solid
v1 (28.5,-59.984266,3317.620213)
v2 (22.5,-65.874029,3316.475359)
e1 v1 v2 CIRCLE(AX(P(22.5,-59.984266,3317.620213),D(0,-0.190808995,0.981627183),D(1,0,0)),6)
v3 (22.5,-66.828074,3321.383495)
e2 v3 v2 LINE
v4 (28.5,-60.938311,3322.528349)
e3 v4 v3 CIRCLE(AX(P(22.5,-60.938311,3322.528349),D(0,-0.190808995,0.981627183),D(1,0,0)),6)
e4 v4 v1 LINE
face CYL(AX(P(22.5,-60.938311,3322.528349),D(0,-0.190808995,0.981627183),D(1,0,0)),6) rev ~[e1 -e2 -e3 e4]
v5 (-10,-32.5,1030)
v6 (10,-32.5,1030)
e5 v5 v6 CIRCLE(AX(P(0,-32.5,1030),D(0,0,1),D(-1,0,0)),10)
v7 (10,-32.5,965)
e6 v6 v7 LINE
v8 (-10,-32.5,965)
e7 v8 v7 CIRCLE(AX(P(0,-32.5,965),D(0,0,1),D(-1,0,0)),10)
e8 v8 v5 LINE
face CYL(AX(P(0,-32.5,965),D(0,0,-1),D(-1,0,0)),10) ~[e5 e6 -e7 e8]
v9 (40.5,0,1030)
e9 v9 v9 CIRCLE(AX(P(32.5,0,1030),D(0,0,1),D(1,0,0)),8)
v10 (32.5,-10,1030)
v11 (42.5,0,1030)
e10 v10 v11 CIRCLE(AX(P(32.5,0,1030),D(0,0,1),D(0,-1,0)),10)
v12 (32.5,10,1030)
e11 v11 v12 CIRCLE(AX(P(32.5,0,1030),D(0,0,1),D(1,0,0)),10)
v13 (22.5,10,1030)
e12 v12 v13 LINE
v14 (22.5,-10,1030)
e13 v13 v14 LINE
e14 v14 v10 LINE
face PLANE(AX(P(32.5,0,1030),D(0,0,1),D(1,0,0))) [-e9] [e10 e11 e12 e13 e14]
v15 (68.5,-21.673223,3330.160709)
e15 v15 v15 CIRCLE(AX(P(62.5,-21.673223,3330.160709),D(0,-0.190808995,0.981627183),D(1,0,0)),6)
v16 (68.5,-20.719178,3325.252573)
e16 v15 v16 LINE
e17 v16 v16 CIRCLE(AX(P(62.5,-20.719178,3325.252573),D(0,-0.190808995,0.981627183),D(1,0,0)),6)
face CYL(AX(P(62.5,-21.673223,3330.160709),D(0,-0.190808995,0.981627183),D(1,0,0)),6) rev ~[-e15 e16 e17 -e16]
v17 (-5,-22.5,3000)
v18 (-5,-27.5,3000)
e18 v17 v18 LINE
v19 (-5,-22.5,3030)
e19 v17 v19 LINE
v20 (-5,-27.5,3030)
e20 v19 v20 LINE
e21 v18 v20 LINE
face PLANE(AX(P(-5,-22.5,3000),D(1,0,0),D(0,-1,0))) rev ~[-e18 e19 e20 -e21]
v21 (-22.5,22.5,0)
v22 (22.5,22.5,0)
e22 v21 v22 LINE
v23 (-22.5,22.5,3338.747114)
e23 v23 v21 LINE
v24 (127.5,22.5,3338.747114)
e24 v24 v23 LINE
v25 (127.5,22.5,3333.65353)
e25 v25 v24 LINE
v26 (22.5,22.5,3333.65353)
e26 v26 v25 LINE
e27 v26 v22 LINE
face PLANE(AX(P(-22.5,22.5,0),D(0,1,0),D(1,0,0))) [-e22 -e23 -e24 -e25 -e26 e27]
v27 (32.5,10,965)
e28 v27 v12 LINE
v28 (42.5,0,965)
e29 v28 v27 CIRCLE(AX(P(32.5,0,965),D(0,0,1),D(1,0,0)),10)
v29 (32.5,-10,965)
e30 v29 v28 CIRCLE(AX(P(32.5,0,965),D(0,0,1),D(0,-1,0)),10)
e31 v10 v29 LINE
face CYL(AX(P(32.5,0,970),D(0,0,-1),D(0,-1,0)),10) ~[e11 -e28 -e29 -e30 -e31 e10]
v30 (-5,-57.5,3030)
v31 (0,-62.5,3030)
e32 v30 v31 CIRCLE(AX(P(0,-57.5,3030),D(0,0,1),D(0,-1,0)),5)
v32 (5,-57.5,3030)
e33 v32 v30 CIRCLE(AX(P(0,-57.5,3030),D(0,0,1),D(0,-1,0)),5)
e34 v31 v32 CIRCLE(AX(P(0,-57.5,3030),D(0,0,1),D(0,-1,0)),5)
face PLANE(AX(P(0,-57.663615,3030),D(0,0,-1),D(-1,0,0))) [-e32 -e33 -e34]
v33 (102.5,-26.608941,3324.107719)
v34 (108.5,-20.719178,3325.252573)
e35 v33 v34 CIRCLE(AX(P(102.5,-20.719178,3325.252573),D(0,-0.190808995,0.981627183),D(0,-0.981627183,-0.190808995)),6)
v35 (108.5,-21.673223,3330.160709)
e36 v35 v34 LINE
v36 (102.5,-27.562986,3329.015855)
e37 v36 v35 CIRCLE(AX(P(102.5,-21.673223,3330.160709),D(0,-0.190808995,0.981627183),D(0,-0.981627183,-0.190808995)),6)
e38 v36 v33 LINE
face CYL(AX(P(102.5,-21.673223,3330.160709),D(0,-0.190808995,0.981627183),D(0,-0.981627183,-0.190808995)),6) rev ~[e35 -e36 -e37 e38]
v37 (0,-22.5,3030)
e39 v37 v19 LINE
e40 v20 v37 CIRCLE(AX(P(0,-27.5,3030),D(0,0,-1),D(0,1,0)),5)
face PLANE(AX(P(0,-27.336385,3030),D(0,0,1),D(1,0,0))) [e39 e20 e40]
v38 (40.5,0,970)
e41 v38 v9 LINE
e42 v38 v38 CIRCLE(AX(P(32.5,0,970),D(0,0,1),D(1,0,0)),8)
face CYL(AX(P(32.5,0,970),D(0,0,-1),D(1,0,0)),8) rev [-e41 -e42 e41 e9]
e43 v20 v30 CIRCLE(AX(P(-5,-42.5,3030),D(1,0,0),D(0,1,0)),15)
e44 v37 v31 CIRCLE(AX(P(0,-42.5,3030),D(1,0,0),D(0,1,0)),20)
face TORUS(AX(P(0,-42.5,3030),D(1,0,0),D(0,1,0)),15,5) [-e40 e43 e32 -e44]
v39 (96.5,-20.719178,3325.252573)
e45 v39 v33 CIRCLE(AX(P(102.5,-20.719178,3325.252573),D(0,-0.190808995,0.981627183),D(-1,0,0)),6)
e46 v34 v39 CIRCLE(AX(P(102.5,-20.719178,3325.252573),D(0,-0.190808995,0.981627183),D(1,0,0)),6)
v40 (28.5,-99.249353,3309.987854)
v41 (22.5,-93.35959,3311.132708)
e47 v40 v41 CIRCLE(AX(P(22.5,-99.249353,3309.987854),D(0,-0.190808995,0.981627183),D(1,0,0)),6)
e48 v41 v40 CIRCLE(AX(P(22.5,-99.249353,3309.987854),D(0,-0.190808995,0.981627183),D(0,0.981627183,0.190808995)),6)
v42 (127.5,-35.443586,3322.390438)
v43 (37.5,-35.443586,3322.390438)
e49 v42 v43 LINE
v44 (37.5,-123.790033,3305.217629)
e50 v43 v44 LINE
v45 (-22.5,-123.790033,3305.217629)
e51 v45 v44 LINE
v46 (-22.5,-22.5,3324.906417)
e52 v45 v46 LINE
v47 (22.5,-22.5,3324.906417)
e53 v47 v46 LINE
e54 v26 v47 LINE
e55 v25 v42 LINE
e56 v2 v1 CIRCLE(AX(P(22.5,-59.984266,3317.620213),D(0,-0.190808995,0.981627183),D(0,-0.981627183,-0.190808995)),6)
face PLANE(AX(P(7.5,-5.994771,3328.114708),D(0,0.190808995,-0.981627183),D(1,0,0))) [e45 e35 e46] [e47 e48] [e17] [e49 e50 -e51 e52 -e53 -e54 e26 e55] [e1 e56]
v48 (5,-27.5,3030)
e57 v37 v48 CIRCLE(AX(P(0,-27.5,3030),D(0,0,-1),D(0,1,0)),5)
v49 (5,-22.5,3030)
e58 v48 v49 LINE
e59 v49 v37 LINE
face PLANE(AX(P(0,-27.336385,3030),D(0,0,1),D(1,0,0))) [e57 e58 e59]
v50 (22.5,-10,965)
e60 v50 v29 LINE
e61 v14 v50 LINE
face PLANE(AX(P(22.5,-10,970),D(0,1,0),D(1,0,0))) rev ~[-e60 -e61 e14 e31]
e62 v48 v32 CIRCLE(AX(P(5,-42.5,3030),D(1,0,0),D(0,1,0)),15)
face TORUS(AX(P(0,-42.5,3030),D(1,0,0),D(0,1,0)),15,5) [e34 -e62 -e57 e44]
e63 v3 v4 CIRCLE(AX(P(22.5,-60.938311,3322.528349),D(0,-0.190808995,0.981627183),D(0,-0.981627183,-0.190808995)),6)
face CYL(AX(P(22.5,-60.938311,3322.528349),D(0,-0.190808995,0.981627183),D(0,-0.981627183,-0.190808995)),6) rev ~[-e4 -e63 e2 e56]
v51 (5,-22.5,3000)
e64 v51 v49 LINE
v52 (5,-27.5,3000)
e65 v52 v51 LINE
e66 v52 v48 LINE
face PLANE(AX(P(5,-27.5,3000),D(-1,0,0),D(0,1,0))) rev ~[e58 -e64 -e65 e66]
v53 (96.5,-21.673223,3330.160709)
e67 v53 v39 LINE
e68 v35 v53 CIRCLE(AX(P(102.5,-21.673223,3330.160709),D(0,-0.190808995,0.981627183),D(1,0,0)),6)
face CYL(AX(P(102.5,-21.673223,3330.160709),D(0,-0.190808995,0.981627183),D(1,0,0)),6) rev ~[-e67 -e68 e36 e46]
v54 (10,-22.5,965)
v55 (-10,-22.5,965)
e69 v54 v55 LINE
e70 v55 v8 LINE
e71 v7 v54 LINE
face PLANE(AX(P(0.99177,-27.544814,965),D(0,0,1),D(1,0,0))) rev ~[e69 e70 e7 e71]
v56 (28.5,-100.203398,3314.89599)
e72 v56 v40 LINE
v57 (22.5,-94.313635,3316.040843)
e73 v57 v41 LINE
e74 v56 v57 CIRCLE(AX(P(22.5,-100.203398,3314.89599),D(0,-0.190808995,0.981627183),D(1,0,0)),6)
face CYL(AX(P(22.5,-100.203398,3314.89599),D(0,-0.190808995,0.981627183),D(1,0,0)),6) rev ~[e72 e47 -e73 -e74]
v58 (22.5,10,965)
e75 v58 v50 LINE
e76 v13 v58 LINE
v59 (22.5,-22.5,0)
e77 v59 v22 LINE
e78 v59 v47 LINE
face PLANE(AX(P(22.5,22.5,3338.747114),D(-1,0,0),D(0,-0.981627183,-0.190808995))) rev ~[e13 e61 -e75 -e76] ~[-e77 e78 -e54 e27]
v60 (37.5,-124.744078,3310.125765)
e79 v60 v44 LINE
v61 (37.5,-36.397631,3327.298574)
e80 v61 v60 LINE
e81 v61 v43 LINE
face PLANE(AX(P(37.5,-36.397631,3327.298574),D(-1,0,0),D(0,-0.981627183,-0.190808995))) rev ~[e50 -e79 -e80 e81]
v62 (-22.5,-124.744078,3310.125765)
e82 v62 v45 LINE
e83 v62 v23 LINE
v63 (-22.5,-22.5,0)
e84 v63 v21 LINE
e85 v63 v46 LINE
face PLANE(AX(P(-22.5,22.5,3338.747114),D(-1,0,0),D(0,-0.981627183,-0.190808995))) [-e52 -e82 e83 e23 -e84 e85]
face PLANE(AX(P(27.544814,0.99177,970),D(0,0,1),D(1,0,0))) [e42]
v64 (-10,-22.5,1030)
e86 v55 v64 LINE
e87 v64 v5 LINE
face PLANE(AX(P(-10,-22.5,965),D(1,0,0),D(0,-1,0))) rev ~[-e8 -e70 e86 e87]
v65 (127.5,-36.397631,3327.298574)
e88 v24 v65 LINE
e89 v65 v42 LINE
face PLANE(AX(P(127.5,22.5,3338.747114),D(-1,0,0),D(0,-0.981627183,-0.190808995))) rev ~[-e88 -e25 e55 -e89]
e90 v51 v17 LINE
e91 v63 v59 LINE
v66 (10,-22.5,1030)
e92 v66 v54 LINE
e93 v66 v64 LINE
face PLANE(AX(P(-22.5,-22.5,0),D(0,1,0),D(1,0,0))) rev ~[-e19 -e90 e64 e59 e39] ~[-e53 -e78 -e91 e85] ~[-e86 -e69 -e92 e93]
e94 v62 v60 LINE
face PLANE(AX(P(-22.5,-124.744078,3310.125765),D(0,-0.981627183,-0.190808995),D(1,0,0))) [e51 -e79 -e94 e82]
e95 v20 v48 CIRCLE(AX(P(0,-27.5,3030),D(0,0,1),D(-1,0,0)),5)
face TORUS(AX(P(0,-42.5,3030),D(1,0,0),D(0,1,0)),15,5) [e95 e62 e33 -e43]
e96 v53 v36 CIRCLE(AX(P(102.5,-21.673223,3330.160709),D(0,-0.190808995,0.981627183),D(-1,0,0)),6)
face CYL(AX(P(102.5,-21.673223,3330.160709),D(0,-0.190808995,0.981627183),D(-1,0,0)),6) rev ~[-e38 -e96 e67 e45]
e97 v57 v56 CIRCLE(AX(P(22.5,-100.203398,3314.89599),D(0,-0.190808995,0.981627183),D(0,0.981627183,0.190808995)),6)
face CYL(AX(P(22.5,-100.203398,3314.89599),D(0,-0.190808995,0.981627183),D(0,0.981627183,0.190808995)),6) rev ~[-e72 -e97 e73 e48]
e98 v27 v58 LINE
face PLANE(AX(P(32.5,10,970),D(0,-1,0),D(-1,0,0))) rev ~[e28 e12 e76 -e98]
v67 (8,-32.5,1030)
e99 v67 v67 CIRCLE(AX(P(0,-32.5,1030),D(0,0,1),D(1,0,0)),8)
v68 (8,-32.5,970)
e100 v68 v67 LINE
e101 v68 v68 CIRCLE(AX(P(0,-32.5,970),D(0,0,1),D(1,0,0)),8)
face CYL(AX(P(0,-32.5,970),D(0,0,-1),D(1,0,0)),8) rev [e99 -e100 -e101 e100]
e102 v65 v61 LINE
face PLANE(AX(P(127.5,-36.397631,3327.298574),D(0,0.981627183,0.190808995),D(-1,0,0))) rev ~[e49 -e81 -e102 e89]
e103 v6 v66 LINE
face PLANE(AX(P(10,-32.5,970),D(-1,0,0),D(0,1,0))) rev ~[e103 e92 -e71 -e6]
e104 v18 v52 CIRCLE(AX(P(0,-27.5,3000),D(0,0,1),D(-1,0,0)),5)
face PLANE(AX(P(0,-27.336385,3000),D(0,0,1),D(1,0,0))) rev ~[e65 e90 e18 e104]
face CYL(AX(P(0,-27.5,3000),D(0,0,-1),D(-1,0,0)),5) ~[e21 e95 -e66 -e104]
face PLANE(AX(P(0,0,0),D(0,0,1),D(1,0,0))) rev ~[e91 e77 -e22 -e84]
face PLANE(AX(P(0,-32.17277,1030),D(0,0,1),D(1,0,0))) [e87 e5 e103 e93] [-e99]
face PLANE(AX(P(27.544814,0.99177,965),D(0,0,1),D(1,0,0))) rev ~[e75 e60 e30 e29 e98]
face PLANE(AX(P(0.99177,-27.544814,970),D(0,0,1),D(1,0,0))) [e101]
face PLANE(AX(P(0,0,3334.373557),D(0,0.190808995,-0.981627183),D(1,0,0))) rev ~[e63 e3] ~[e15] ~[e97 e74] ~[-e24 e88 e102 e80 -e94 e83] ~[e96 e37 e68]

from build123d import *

# Parameters (mm, degrees)
F0_W      = 45
F0_H      = 45
F1_DEPTH  = 3330
F4_DEPTH  = 5
F5_R      = 8
F6_DEPTH  = 60
F9_W      = 45
F9_H      = 45.842251273
F10_DEPTH = 25
F11_W     = 60
F11_H     = 60
F11_W_2   = 90
F11_H_2   = 90
F12_DEPTH = 5
F13_R     = 6
F14_DEPTH = 25
F17_W     = 150
F17_H     = 4.7702248844
F18_DEPTH = 3358.6871623993
F19_DEPTH = 30


with BuildPart() as f1:
    # F0 (on Top) → F1 (new body)
    with BuildSketch(Plane.XY):
        Rectangle(F0_W, F0_H)
    extrude(amount=F1_DEPTH)

    # F3 (on offset) → F4 (join)
    with BuildSketch(Plane.XY.offset(965)):
        with BuildLine():
            ThreePointArc((2, -22.7020410289), (1.0050896201, -22.5506384699), (0, -22.5))
            Line((0, -22.5), (0, -32.5))
            Line((0, -32.5), (2, -32.5))
            Line((2, -32.5), (2, -22.7020410289))
        make_face()
        with BuildLine():
            Line((2, -22.5), (0, -22.5))
            ThreePointArc((0, -22.5), (1.0050896201, -22.5506384699), (2, -22.7020410289))
            Line((2, -22.7020410289), (2, -22.5))
        make_face()
        with BuildLine():
            Line((0, -32.5), (0, -22.5))
            ThreePointArc((0, -22.5), (-1.0050896201, -22.5506384699), (-2, -22.7020410289))
            Line((-2, -22.7020410289), (-2, -32.5))
            Line((-2, -32.5), (0, -32.5))
        make_face()
        with BuildLine():
            ThreePointArc((-2, -22.7020410289), (-1.0050896201, -22.5506384699), (0, -22.5))
            Line((0, -22.5), (-2, -22.5))
            Line((-2, -22.5), (-2, -22.7020410289))
        make_face()
        with BuildLine():
            Line((2, -32.5), (0, -32.5))
            Line((0, -32.5), (-2, -32.5))
            Line((-2, -32.5), (-2, -22.7020410289))
            ThreePointArc((-2, -22.7020410289), (-7.7459666924, -26.1754446797), (-10, -32.5))
            ThreePointArc((-10, -32.5), (0, -42.5), (10, -32.5))
            Line((10, -32.5), (2, -32.5))
        make_face()
        with BuildLine():
            Line((2, -22.5), (2, -22.7020410289))
            ThreePointArc((2, -22.7020410289), (7.7459666924, -26.1754446797), (10, -32.5))
            Line((10, -32.5), (10, -22.5))
            Line((10, -22.5), (2, -22.5))
        make_face()
        with BuildLine():
            ThreePointArc((10, -32.5), (7.7459666924, -26.1754446797), (2, -22.7020410289))
            Line((2, -22.7020410289), (2, -32.5))
            Line((2, -32.5), (10, -32.5))
        make_face()
        with BuildLine():
            ThreePointArc((-10, -32.5), (-7.7459666924, -26.1754446797), (-2, -22.7020410289))
            Line((-2, -22.7020410289), (-2, -22.5))
            Line((-2, -22.5), (-10, -22.5))
            Line((-10, -22.5), (-10, -32.5))
        make_face()
        with BuildLine():
            ThreePointArc((22.7020410289, 2), (22.5506384699, 1.0050896201), (22.5, 0))
            Line((22.5, 0), (32.5, 0))
            Line((32.5, 0), (32.5, 2))
            Line((32.5, 2), (22.7020410289, 2))
        make_face()
        with BuildLine():
            Line((22.5, 2), (22.5, 0))
            ThreePointArc((22.5, 0), (22.5506384699, 1.0050896201), (22.7020410289, 2))
            Line((22.7020410289, 2), (22.5, 2))
        make_face()
        with BuildLine():
            Line((32.5, 0), (22.5, 0))
            ThreePointArc((22.5, 0), (22.5506384699, -1.0050896201), (22.7020410289, -2))
            Line((22.7020410289, -2), (32.5, -2))
            Line((32.5, -2), (32.5, 0))
        make_face()
        with BuildLine():
            ThreePointArc((22.7020410289, -2), (22.5506384699, -1.0050896201), (22.5, 0))
            Line((22.5, 0), (22.5, -2))
            Line((22.5, -2), (22.7020410289, -2))
        make_face()
        with BuildLine():
            Line((32.5, 2), (32.5, 0))
            Line((32.5, 0), (32.5, -2))
            Line((32.5, -2), (32.5, -10))
            ThreePointArc((32.5, -10), (39.5710678119, -7.0710678119), (42.5, 0))
            ThreePointArc((42.5, 0), (39.5710678119, 7.0710678119), (32.5, 10))
            Line((32.5, 10), (32.5, 2))
        make_face()
        with BuildLine():
            Line((22.5, 2), (22.7020410289, 2))
            ThreePointArc((22.7020410289, 2), (26.1754446797, 7.7459666924), (32.5, 10))
            Line((32.5, 10), (22.5, 10))
            Line((22.5, 10), (22.5, 2))
        make_face()
        with BuildLine():
            ThreePointArc((32.5, 10), (26.1754446797, 7.7459666924), (22.7020410289, 2))
            Line((22.7020410289, 2), (32.5, 2))
            Line((32.5, 2), (32.5, 10))
        make_face()
        with BuildLine():
            Line((32.5, -2), (22.7020410289, -2))
            ThreePointArc((22.7020410289, -2), (26.1754446797, -7.7459666924), (32.5, -10))
            Line((32.5, -10), (32.5, -2))
        make_face()
        with BuildLine():
            ThreePointArc((32.5, -10), (26.1754446797, -7.7459666924), (22.7020410289, -2))
            Line((22.7020410289, -2), (22.5, -2))
            Line((22.5, -2), (22.5, -10))
            Line((22.5, -10), (32.5, -10))
        make_face()
    extrude(amount=F4_DEPTH)

    # F5 (on face) → F6 (join)
    with BuildSketch(Plane.XY.offset(970)):
        with BuildLine():
            ThreePointArc((32.5, -10), (39.5710678119, -7.0710678119), (42.5, 0))
            ThreePointArc((42.5, 0), (39.5710678119, 7.0710678119), (32.5, 10))
            ThreePointArc((32.5, 10), (25.4289321881, 7.0710678119), (22.5, 0))
            ThreePointArc((22.5, 0), (25.4289321881, -7.0710678119), (32.5, -10))
        make_face()
        with Locations((32.5, 0)):
            Circle(F5_R, mode=Mode.SUBTRACT)
        with BuildLine():
            ThreePointArc((22.5, 0), (25.4289321881, 7.0710678119), (32.5, 10))
            Line((32.5, 10), (22.5, 10))
            Line((22.5, 10), (22.5, 0))
        make_face()
        with BuildLine():
            Line((22.5, -10), (32.5, -10))
            ThreePointArc((32.5, -10), (25.4289321881, -7.0710678119), (22.5, 0))
            Line((22.5, 0), (22.5, -10))
        make_face()
        with BuildLine():
            ThreePointArc((0, -22.5), (-7.0710678119, -25.4289321881), (-10, -32.5))
            ThreePointArc((-10, -32.5), (0, -42.5), (10, -32.5))
            ThreePointArc((10, -32.5), (7.0710678119, -25.4289321881), (0, -22.5))
        make_face()
        with Locations((0, -32.5)):
            Circle(F5_R, mode=Mode.SUBTRACT)
        with BuildLine():
            Line((-10, -22.5), (-10, -32.5))
            ThreePointArc((-10, -32.5), (-7.0710678119, -25.4289321881), (0, -22.5))
            Line((0, -22.5), (-10, -22.5))
        make_face()
        with BuildLine():
            ThreePointArc((0, -22.5), (7.0710678119, -25.4289321881), (10, -32.5))
            Line((10, -32.5), (10, -22.5))
            Line((10, -22.5), (0, -22.5))
        make_face()
    extrude(amount=F6_DEPTH)

    # F9 (on face) → F10 (join)
    with BuildSketch(Plane(origin=(0, -624.5391596736, 3212.9754420296), x_dir=(1, 0, 0), z_dir=(0, 0.1908089954, -0.9816271834))):
        with Locations((0, -636.2284686128)):
            Rectangle(F9_W, F9_H)
    extrude(amount=F10_DEPTH)

    # F11 (on face) → F12 (join)
    with BuildSketch(Plane(origin=(0, -624.5391596736, 3212.9754420296), x_dir=(1, 0, 0), z_dir=(0, 0.1908089954, -0.9816271834))):
        with Locations((7.5, -629.1495942493)):
            Rectangle(F11_W, F11_H)
        with Locations((82.5, -629.1495942493)):
            Rectangle(F11_W_2, F11_H)
        with Locations((7.5, -554.1495942493)):
            Rectangle(F11_W, F11_H_2)
    extrude(amount=F12_DEPTH)

    # F13 (on face) → F14 (cut)
    with BuildSketch(Plane(origin=(0, -624.5391596736, 3212.9754420296), x_dir=(1, 0, 0), z_dir=(0, -0.1908089954, 0.9816271834))):
        with BuildLine():
            ThreePointArc((22.5, 540.1495942493), (18.2573593129, 529.9069535622), (28.5, 534.1495942493))
            Line((28.5, 534.1495942493), (22.5, 534.1495942493))
            Line((22.5, 534.1495942493), (22.5, 540.1495942493))
        make_face()
        with BuildLine():
            Line((22.5, 534.1495942493), (28.5, 534.1495942493))
            ThreePointArc((28.5, 534.1495942493), (26.7426406871, 538.3922349364), (22.5, 540.1495942493))
            Line((22.5, 540.1495942493), (22.5, 534.1495942493))
        make_face()
        with BuildLine():
            ThreePointArc((28.5, 574.1495942493), (18.2573593129, 578.3922349364), (22.5, 568.1495942493))
            ThreePointArc((22.5, 568.1495942493), (26.7426406871, 569.9069535622), (28.5, 574.1495942493))
        make_face()
        with BuildLine():
            ThreePointArc((96.5, 614.1495942493), (98.2573593129, 609.9069535622), (102.5, 608.1495942493))
            Line((102.5, 608.1495942493), (102.5, 614.1495942493))
            Line((102.5, 614.1495942493), (96.5, 614.1495942493))
        make_face()
        with Locations((62.5, 614.1495942493)):
            Circle(F13_R)
        with BuildLine():
            Line((102.5, 614.1495942493), (102.5, 608.1495942493))
            ThreePointArc((102.5, 608.1495942493), (106.7426406871, 609.9069535622), (108.5, 614.1495942493))
            ThreePointArc((108.5, 614.1495942493), (102.5, 620.1495942493), (96.5, 614.1495942493))
            Line((96.5, 614.1495942493), (102.5, 614.1495942493))
        make_face()
    extrude(amount=-F14_DEPTH, mode=Mode.SUBTRACT)

    # F17 (on Top) → F18 (cut)
    with BuildSketch(Plane.XY):
        with Locations((52.5, 24.8851124422)):
            Rectangle(F17_W, F17_H)
    extrude(amount=F18_DEPTH, mode=Mode.SUBTRACT)

    # F16 (on offset) → F19 (join)
    with BuildSketch(Plane.XY.offset(3000)):
        with BuildLine():
            ThreePointArc((-5, -27.5), (0, -32.5), (5, -27.5))
            ThreePointArc((5, -27.5), (3.5355339059, -23.9644660941), (0, -22.5))
            ThreePointArc((0, -22.5), (-3.5355339059, -23.9644660941), (-5, -27.5))
        make_face()
        with BuildLine():
            ThreePointArc((0, -22.5), (3.5355339059, -23.9644660941), (5, -27.5))
            Line((5, -27.5), (5, -22.5))
            Line((5, -22.5), (0, -22.5))
        make_face()
        with BuildLine():
            ThreePointArc((-5, -27.5), (-3.5355339059, -23.9644660941), (0, -22.5))
            Line((0, -22.5), (-5, -22.5))
            Line((-5, -22.5), (-5, -27.5))
        make_face()
    extrude(amount=F19_DEPTH)

    # F22: sweep along a path in F21
    with BuildLine(Plane.YZ) as f22_path:
        ThreePointArc((-27.5, 3030), (-42.5, 3045), (-57.5, 3030))
    # F20 (on face) → F22 (sweep)
    with BuildSketch(Plane.XY.offset(3030)):
        with BuildLine():
            ThreePointArc((0, -22.5), (-3.5355339059, -23.9644660941), (-5, -27.5))
            ThreePointArc((-5, -27.5), (0, -32.5), (5, -27.5))
            ThreePointArc((5, -27.5), (3.5355339059, -23.9644660941), (0, -22.5))
        make_face()
    sweep(path=f22_path.line)


solid = f1.part
